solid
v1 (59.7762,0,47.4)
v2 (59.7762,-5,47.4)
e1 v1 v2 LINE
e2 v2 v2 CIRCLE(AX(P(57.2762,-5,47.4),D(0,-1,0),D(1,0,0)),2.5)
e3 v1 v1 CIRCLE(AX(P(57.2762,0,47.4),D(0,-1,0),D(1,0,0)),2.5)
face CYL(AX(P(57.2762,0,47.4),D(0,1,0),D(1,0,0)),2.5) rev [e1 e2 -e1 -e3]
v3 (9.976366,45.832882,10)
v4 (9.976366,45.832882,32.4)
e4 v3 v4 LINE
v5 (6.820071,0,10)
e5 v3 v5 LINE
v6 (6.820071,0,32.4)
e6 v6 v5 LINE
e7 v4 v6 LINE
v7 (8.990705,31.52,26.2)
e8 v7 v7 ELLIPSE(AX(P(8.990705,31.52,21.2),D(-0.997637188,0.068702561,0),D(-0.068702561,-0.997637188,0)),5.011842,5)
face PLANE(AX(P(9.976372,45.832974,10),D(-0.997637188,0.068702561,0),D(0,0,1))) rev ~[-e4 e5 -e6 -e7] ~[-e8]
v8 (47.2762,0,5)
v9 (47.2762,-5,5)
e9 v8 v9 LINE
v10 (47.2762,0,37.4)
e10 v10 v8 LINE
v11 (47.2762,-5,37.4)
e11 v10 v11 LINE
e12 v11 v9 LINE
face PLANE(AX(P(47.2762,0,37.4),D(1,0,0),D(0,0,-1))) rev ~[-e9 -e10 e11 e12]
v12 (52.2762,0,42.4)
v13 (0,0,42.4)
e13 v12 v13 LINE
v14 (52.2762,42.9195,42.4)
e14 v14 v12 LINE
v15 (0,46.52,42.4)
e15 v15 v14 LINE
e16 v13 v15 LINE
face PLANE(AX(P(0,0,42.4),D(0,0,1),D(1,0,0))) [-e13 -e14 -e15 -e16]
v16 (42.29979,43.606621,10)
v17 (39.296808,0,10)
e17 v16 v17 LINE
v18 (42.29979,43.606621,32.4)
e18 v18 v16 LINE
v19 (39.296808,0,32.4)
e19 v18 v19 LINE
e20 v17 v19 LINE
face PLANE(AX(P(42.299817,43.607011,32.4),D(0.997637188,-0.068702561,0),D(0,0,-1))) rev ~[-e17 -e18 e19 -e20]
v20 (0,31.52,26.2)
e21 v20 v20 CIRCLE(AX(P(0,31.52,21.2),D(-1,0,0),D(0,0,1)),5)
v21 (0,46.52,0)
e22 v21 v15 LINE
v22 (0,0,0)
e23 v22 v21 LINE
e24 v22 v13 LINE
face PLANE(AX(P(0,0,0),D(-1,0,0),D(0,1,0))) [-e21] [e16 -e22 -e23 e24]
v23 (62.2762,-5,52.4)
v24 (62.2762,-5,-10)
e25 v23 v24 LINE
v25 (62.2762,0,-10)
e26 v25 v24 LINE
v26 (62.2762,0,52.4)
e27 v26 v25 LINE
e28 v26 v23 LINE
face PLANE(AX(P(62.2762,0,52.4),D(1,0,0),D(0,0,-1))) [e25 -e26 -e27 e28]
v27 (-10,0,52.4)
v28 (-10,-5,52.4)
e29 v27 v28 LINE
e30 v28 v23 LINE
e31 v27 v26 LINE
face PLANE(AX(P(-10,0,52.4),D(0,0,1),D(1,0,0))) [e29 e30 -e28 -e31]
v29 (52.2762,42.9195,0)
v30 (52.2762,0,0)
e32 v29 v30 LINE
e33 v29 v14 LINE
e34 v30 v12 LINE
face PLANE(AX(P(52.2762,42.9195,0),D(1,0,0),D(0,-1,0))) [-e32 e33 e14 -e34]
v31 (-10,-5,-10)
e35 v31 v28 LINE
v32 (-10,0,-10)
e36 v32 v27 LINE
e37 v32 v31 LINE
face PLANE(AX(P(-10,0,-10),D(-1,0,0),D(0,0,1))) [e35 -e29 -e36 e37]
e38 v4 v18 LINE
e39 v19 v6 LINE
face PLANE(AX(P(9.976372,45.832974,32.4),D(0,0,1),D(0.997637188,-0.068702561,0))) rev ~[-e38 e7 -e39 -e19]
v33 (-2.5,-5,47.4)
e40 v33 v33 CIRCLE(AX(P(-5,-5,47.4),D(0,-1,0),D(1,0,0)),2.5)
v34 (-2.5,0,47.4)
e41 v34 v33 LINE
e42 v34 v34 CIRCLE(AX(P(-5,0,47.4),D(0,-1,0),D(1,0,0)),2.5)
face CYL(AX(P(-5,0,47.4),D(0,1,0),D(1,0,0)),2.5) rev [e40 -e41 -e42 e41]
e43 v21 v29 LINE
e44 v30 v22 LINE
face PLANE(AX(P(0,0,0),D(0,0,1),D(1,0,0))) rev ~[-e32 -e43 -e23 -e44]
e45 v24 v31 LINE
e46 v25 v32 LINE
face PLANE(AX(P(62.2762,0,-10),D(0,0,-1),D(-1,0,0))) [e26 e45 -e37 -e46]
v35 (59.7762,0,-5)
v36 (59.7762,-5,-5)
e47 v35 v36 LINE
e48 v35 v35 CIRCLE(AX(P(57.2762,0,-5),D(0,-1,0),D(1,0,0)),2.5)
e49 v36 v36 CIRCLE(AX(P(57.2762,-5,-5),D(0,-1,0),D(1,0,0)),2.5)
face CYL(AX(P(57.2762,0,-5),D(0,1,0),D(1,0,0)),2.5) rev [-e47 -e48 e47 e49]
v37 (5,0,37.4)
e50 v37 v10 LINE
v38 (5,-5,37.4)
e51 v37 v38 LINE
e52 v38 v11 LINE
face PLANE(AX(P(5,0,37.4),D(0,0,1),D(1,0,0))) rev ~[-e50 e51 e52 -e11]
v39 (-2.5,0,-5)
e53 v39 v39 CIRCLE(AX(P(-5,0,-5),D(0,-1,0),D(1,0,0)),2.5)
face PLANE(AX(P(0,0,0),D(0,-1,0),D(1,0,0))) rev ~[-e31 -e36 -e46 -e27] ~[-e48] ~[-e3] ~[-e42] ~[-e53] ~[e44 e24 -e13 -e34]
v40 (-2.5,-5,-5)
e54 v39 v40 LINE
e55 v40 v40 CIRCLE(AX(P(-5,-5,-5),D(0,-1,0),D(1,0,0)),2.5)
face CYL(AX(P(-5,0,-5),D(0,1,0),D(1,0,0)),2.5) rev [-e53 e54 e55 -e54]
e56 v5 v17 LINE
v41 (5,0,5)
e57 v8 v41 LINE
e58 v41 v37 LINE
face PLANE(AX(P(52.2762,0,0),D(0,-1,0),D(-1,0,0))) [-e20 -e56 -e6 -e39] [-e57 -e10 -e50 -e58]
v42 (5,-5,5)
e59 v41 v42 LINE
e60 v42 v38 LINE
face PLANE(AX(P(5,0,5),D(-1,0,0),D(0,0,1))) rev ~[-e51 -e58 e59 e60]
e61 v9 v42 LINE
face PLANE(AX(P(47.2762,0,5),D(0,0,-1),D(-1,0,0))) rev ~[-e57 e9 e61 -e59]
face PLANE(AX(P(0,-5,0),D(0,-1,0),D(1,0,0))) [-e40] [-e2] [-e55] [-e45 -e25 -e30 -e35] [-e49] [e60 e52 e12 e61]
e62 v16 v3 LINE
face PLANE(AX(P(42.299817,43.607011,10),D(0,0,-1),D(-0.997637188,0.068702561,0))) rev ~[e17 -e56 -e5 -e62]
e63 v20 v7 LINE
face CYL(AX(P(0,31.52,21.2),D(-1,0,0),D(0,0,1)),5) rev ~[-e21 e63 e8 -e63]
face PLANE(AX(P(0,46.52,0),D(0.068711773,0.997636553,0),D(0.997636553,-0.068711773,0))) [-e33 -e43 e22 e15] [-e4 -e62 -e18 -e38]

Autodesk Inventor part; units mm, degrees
ref_plane "YZ Plane" through (0, 0, 0) normal (1, 0, 0) x (0, 1, 0)
ref_plane "XZ Plane" through (0, 0, 0) normal (0, 1, 0) x (-1, 0, 0)
ref_plane "XY Plane" through (0, 0, 0) normal (0, 0, 1) x (1, 0, 0)
sketch "Sketch1" plane through (0, 0, 0) normal (0, 0, 1) x (1, 0, 0)
  line L0 (0, 0) -> (0, 46.52)
  line L1 (0, 46.52) -> (52.2762, 42.9195)
  line L2 (52.2762, 42.9195) -> (52.2762, 0)
  line L3 (52.2762, 0) -> (0, 0)
  dimension "d0" = 46.52
  dimension "d1" = 52.4
  dimension "d2" = 86.06
extrude "Extrusion1" add sketch "Sketch1" along normal blind 42.4
sketch "Sketch2" plane through (0, 0, 0) normal (0, -1, 0) x (1, 0, 0)
  line L0 (0, 0) -> (52.2762, 0) projected
  line L1 (52.2762, 0) -> (52.2762, 42.4) projected
  line L2 (0, 42.4) -> (52.2762, 42.4) projected
  line L3 (0, 0) -> (0, 42.4) projected
  line L4 (47.2762, 37.4) -> (47.2762, 5)
  line L5 (47.2762, 5) -> (5, 5)
  line L6 (5, 5) -> (5, 37.4)
  line L7 (5, 37.4) -> (47.2762, 37.4)
  line L8 (62.2762, 52.4) -> (62.2762, -10)
  line L9 (62.2762, -10) -> (-10, -10)
  line L10 (-10, -10) -> (-10, 52.4)
  line L11 (-10, 52.4) -> (62.2762, 52.4)
  line L12 (57.2762, 47.4) -> (57.2762, -5) construction
  line L13 (57.2762, -5) -> (-5, -5) construction
  line L14 (-5, -5) -> (-5, 47.4) construction
  line L15 (-5, 47.4) -> (57.2762, 47.4) construction
  circle A0 centre (57.2762, 47.4) radius 2.5
  circle A1 centre (-5, 47.4) radius 2.5
  circle A2 centre (-5, -5) radius 2.5
  circle A3 centre (57.2762, -5) radius 2.5
  dimension "d5" = 5
  dimension "d6" = 10
  dimension "d7" = 5
  dimension "d8" = 5
  dimension "d9" = 5
  dimension "d10" = 5
  dimension "d11" = 5
extrude "Extrusion2" add sketch "Sketch2" along normal blind 5 contours L3 L2 L1 L0 | L8 L9 L10 L11
sketch "Sketch3" plane through (0, 46.52, 42.4) normal (0.0687, 0.9976, 0) x (0.9976, -0.0687, 0)
  line L0 (42.4, 32.4) -> (10, 32.4)
  line L1 (10, 32.4) -> (10, 10)
  line L2 (10, 10) -> (42.4, 10)
  line L3 (42.4, 10) -> (42.4, 32.4)
  line L4 (42.4, 32.4) -> (10, 10) construction
  line L5 (10, 32.4) -> (42.4, 10) construction
  line L6 (52.4, 0) -> (0, 0) projected
  line L7 (0, 42.4) -> (0, 0) projected
  point P0 (3.1965, 42.4)
  point P1 (26.2, 21.2)
  dimension "d14" = 32.4
  dimension "d15" = 22.4
  dimension "d16" = 21.2
  dimension "d17" = 26.2
extrude "Extrusion3" cut sketch "Sketch3" against normal through all
sketch "Sketch4" plane through (0, 46.52, 0) normal (-1, 0, 0) x (0, 0, 1)
  circle A0 centre (21.2, -15) radius 5
  line L0 (0, 0) -> (42.4, 0) projected
  line L1 (0, 0) -> (0, -46.52) projected
  dimension "d20" = 10
  dimension "d21" = 15
  dimension "d22" = 21.2
extrude "Extrusion4" cut sketch "Sketch4" against normal blind 10
properties part number "sort support V3_3DPrint"
